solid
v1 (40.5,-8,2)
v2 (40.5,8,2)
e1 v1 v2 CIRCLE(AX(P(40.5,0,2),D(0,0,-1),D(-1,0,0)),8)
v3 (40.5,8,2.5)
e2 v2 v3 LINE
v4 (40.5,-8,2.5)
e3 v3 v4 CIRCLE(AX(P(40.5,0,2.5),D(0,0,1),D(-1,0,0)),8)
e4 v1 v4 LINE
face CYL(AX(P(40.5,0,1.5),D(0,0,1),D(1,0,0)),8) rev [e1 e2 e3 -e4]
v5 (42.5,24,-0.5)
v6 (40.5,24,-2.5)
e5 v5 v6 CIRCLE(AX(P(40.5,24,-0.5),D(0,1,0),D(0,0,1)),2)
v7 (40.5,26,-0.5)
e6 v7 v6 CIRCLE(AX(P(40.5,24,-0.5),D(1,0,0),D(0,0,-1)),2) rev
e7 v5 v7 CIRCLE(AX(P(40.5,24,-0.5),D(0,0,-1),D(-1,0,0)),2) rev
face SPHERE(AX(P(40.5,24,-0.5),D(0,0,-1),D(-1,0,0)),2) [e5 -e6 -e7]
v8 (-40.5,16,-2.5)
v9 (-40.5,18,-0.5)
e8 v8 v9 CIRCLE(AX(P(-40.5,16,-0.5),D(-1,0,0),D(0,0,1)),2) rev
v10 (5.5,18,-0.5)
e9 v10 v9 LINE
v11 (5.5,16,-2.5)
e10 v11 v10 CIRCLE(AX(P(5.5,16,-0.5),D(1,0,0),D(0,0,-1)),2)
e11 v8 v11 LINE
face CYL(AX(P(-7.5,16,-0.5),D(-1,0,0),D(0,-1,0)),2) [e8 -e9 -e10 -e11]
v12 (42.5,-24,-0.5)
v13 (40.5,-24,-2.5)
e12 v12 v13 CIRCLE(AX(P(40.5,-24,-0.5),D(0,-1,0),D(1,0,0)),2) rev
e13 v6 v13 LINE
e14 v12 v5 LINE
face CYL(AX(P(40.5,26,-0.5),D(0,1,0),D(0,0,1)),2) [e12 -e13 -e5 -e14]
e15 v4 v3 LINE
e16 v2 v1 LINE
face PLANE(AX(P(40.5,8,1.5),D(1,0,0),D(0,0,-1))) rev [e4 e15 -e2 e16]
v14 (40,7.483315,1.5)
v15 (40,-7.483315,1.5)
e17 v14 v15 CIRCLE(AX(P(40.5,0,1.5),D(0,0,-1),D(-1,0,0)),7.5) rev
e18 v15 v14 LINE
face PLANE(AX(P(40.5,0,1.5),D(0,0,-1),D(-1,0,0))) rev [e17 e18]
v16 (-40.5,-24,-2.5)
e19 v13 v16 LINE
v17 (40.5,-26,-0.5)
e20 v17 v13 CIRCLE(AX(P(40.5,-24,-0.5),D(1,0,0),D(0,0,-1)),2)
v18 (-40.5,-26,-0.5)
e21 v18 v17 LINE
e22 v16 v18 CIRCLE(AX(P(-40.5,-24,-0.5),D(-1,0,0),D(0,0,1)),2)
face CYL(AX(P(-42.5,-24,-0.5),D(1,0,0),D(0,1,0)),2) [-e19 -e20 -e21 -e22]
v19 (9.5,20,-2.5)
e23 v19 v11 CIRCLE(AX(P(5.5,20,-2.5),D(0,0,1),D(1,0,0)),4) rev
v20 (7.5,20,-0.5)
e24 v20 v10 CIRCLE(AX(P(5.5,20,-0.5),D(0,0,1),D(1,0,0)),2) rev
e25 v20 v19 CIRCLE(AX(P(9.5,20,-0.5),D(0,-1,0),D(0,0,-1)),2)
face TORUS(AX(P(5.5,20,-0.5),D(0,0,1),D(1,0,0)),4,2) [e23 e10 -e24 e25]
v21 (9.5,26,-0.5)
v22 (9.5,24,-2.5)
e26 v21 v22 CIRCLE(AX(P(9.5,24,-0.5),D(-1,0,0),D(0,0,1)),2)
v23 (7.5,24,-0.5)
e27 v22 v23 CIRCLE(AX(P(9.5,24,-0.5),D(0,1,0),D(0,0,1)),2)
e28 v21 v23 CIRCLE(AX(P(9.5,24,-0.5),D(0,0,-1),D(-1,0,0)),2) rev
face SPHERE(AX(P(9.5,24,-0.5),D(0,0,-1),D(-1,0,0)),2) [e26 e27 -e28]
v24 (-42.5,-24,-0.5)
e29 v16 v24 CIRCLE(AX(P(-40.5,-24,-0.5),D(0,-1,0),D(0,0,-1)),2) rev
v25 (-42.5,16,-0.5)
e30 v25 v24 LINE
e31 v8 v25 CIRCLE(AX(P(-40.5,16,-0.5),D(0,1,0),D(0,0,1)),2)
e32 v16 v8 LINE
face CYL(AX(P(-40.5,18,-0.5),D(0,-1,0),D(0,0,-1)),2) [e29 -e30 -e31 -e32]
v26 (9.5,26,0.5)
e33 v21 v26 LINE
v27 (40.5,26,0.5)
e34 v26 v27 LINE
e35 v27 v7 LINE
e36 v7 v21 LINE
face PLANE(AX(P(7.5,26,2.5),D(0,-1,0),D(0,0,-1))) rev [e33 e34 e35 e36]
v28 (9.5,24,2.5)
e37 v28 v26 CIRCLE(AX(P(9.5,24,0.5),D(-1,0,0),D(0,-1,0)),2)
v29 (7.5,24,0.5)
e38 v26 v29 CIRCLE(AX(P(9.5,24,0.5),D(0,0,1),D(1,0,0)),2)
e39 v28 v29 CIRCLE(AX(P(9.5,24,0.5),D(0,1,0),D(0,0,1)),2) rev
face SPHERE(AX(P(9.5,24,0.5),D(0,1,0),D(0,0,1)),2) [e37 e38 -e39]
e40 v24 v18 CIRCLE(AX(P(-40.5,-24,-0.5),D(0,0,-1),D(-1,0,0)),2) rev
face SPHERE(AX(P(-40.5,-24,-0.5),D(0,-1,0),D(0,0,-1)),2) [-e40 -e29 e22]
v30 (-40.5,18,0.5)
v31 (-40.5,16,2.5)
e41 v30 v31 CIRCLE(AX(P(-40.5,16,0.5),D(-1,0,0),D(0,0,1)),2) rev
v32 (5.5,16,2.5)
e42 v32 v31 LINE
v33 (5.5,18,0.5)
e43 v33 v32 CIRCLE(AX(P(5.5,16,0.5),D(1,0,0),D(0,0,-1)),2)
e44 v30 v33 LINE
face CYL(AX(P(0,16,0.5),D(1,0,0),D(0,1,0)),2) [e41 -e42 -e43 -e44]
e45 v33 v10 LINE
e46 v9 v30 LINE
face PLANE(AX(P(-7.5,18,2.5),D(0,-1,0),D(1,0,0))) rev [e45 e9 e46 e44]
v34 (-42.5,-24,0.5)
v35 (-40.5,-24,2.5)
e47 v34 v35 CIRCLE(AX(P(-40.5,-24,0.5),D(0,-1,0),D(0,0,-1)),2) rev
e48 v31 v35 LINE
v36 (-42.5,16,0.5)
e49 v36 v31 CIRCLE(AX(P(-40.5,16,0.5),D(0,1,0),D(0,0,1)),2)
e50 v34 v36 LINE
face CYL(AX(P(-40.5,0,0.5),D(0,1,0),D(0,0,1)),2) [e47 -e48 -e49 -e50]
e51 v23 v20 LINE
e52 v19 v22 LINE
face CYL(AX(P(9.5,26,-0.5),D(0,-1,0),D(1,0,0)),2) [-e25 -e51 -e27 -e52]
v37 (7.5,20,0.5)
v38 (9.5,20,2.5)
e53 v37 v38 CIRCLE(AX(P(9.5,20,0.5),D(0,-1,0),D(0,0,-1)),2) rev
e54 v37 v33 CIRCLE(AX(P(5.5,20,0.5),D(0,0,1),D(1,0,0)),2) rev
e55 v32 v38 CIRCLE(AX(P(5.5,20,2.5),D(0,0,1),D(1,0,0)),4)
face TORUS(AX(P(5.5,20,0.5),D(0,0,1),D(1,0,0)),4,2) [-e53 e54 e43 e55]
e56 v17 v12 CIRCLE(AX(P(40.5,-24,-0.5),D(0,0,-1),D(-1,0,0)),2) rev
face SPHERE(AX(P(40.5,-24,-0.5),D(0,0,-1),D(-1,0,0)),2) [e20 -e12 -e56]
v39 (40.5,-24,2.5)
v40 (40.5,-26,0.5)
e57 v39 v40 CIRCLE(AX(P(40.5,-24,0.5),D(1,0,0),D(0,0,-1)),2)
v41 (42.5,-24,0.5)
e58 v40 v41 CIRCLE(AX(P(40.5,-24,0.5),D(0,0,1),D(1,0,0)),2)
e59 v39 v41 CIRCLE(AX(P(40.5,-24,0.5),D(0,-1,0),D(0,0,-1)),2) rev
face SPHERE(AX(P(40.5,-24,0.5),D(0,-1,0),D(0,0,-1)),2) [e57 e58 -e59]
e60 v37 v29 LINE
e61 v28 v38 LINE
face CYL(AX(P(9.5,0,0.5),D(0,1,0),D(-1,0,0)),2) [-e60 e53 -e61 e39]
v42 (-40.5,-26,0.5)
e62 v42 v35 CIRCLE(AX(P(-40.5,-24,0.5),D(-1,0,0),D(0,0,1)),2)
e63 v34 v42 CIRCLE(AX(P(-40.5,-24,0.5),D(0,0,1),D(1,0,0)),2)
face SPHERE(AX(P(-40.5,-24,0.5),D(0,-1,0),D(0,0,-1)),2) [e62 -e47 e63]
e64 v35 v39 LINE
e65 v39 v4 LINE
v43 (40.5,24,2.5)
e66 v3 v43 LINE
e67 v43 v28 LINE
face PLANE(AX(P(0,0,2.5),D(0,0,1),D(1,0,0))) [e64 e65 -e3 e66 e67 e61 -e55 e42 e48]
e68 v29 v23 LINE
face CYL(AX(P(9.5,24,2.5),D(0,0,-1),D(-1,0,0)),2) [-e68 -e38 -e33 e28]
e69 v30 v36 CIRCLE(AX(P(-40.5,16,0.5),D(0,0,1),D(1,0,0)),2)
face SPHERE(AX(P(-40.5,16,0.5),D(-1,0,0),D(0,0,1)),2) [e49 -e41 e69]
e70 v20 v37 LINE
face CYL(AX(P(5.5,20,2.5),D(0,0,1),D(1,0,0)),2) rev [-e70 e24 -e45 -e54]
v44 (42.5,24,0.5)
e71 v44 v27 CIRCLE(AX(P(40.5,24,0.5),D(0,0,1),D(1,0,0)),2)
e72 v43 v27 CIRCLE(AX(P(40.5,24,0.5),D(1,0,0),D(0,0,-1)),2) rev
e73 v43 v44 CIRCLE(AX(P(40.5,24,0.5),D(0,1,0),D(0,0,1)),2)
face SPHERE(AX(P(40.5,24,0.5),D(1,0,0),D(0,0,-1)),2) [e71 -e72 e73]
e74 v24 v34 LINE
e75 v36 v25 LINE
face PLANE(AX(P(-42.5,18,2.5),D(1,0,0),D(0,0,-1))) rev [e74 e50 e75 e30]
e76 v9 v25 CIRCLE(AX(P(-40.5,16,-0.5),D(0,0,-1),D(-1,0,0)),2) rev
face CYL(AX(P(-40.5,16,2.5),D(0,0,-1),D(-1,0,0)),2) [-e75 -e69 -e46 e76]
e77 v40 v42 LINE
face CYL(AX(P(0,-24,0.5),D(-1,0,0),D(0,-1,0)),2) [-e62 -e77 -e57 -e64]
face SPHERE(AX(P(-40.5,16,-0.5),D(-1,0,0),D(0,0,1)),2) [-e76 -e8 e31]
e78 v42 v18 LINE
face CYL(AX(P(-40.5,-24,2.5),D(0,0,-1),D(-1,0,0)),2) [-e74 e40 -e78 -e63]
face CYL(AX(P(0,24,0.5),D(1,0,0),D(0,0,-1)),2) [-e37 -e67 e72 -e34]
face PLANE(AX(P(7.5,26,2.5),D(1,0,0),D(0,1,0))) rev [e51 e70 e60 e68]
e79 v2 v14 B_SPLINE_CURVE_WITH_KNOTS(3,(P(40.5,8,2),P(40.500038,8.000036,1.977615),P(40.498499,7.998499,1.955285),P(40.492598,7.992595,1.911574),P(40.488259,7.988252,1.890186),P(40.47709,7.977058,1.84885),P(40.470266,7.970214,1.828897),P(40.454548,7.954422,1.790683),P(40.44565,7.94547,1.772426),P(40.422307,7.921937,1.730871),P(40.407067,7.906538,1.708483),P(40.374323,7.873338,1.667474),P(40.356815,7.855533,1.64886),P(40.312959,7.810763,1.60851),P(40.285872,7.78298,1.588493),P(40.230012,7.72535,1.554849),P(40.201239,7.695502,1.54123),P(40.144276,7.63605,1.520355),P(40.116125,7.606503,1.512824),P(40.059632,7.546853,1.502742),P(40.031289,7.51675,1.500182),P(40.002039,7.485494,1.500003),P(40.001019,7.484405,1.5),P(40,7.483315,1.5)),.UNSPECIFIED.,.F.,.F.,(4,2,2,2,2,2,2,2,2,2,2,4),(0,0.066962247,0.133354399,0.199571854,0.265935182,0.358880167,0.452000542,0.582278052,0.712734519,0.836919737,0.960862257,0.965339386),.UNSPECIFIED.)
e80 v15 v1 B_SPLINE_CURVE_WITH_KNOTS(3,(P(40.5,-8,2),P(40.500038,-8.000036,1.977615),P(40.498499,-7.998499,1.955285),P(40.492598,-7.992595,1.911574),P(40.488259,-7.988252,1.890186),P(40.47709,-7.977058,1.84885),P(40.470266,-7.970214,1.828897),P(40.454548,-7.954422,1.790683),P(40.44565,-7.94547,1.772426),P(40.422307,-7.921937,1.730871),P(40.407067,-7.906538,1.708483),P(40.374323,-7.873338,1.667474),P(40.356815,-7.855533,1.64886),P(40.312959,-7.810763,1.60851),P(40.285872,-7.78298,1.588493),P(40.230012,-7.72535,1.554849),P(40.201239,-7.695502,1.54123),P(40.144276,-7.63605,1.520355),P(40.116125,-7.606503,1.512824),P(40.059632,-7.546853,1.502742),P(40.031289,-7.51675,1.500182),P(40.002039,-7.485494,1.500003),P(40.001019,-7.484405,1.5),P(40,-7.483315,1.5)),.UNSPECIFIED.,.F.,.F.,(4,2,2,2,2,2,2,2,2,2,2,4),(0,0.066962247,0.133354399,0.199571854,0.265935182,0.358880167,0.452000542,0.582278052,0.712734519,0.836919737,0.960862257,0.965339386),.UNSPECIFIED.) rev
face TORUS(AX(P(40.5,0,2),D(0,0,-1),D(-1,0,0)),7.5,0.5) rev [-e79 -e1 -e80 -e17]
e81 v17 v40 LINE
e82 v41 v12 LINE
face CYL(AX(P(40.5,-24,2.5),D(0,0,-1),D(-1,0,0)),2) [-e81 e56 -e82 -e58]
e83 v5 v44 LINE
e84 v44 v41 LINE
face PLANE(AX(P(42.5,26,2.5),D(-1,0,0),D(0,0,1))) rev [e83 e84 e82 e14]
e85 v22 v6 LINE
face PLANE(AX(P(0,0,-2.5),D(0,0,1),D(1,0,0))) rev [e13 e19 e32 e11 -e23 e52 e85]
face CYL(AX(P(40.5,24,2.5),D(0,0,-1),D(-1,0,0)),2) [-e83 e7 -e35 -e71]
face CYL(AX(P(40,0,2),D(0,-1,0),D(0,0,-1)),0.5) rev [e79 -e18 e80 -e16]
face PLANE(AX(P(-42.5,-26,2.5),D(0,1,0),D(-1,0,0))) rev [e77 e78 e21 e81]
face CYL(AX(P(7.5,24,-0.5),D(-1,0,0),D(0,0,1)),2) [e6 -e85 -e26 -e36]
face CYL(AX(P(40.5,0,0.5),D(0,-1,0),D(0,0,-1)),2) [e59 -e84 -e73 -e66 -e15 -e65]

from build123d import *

# Parameters (mm, degrees)
SALIENTE_EXTRUIR1_DEPTH = 2.5
REDONDEO1_R             = 2
CORTAR_EXTRUIR1_DEPTH   = 1
REDONDEO2_R             = 0.5


with BuildPart() as part:
    # Croquis1 → Saliente-Extruir1 (new body, symmetric)
    with BuildSketch(Plane.XY):
        Polygon((7.5, 26), (42.5, 26), (42.5, -26), (-42.5, -26), (-42.5, 18), (-7.5, 18), (7.5, 18), align=None)
    extrude(amount=SALIENTE_EXTRUIR1_DEPTH, both=True)

    # Redondeo1
    redondeo1_edges = [part.edges().sort_by_distance(p)[0] for p in [
        (42.5, 0, -2.5),
        (42.5, -26, 0),
        (-42.5, -26, 0),
        (-42.5, 18, 0),
        (7.5, 22, 2.5),
        (7.5, 18, 0),
        (7.5, 26, 0),
        (42.5, 26, 0),
        (-17.5, 18, 2.5),
        (-42.5, -4, 2.5),
        (0, -26, 2.5),
        (42.5, 0, 2.5),
        (0, -26, -2.5),
        (-42.5, -4, -2.5),
        (-17.5, 18, -2.5),
        (25, 26, 2.5),
        (7.5, 22, -2.5),
        (25, 26, -2.5),
    ]]
    fillet(redondeo1_edges, radius=REDONDEO1_R)

    # Croquis2 → Cortar-Extruir1 (cut)
    with BuildSketch(Plane.XY.offset(2.5)):
        with BuildLine():
            Line((40.5, 8), (40.5, -8))
            ThreePointArc((40.5, -8), (32.5, 0), (40.5, 8))
        make_face()
    extrude(amount=-CORTAR_EXTRUIR1_DEPTH, mode=Mode.SUBTRACT)

    # Redondeo2
    redondeo2_edges = [part.edges().sort_by_distance(p)[0] for p in [
        (32.5, 0, 1.5),
        (40.5, 0, 1.5),
    ]]
    fillet(redondeo2_edges, radius=REDONDEO2_R)


solid = part.part
